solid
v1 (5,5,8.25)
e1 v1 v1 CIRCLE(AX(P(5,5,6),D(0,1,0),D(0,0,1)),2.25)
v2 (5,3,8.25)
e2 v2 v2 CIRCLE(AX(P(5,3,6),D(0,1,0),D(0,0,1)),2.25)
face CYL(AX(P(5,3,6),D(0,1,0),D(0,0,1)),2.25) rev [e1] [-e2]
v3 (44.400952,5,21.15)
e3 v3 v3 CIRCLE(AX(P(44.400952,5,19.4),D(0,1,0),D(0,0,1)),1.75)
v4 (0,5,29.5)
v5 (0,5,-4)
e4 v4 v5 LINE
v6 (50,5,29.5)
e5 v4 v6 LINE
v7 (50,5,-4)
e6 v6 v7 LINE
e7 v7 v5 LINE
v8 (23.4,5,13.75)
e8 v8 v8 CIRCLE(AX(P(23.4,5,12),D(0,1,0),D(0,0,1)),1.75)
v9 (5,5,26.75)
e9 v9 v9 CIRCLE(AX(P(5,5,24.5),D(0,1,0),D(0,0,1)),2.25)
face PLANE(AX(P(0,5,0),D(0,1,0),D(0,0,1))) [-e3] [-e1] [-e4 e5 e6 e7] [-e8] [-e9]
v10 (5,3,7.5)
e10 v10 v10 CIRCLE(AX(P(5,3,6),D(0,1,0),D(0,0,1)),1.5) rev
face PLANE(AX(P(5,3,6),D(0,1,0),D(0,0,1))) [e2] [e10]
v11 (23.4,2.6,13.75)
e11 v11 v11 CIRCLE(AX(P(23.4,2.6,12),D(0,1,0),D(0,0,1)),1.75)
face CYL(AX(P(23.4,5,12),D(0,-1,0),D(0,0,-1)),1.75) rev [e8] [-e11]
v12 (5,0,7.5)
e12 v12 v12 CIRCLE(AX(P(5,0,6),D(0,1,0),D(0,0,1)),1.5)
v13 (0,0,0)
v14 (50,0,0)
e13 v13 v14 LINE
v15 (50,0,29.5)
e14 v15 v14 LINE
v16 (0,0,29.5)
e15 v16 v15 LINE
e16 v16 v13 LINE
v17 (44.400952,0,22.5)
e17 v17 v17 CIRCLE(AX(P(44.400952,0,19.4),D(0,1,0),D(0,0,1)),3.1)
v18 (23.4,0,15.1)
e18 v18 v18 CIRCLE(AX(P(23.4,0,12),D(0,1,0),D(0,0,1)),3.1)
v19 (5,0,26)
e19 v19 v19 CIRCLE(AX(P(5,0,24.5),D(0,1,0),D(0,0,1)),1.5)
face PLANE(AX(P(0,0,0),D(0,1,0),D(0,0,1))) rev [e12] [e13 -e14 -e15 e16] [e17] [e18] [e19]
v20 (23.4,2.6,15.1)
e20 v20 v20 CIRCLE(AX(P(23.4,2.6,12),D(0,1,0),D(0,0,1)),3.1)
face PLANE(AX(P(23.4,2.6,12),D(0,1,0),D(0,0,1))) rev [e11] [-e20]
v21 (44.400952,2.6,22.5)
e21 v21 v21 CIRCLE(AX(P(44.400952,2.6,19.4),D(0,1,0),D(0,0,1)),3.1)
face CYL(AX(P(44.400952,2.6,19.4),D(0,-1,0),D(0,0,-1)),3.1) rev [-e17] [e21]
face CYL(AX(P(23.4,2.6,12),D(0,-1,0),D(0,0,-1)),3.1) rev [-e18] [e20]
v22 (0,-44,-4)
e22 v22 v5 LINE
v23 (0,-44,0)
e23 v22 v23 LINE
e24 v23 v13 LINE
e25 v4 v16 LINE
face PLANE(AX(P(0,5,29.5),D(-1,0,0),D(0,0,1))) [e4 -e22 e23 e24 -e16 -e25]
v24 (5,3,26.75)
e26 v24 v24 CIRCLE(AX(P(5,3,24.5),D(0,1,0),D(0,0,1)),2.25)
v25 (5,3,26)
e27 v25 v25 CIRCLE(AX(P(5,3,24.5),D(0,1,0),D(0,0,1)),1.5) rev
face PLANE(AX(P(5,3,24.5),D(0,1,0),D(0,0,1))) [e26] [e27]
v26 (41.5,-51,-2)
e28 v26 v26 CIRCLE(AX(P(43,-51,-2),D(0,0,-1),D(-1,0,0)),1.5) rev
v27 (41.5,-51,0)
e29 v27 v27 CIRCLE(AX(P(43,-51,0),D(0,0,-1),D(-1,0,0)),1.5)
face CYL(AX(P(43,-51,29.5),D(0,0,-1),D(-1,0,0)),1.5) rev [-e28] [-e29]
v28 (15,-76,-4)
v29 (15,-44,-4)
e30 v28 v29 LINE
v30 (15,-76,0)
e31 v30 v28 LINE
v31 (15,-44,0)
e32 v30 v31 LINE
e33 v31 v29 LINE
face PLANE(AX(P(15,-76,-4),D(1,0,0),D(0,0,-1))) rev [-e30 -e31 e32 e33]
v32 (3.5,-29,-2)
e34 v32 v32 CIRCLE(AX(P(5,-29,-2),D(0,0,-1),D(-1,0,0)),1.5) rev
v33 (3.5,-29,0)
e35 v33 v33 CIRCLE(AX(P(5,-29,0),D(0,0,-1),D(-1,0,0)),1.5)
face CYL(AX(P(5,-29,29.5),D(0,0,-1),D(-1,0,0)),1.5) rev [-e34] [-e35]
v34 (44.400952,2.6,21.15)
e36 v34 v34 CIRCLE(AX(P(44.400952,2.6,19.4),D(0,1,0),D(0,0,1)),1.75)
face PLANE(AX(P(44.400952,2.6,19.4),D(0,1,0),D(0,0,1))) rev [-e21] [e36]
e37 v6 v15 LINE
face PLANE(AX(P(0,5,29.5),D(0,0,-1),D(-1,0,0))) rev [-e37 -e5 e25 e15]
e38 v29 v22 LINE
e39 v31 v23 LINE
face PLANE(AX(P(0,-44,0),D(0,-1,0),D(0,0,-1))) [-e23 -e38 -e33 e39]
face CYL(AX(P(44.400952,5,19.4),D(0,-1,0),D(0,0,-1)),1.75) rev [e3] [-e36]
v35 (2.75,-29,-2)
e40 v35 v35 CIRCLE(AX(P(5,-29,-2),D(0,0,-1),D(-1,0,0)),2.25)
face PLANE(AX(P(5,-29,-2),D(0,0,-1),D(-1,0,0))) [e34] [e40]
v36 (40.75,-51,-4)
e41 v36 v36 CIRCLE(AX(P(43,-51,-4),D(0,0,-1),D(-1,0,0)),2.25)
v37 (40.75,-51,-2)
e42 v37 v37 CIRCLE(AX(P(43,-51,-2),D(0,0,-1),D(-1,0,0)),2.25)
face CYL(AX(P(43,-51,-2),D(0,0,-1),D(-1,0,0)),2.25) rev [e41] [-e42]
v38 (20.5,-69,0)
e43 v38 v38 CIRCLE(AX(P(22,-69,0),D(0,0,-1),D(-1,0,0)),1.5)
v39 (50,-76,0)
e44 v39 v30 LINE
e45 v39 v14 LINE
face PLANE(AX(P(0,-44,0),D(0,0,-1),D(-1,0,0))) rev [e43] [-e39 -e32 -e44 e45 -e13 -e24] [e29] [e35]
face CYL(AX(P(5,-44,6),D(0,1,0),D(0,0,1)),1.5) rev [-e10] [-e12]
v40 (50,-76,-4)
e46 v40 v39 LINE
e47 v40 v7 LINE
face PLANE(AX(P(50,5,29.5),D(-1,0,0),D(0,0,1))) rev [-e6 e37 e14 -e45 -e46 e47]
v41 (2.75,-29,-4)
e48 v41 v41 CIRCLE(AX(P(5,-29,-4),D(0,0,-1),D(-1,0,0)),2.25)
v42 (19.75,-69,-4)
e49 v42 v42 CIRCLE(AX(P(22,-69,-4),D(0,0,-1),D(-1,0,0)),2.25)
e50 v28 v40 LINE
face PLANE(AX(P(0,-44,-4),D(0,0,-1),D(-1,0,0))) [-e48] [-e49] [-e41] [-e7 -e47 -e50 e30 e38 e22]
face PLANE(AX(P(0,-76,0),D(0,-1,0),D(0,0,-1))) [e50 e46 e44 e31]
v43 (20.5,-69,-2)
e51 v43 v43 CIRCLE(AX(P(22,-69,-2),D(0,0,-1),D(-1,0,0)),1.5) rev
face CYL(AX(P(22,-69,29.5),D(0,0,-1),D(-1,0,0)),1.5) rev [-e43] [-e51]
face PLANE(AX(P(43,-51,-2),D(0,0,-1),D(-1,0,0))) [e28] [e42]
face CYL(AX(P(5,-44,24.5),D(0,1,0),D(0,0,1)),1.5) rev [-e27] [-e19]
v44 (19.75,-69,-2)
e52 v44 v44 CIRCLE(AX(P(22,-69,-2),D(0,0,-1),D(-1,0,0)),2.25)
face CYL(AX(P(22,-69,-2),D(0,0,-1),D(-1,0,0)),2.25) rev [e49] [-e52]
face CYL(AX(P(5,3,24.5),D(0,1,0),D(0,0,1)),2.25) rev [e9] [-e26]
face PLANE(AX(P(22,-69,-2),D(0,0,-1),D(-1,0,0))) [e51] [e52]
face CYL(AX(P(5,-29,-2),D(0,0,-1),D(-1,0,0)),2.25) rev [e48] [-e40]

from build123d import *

# Parameters (mm, degrees)
SKETCH_1_W          = 50
SKETCH_1_H          = 29.5
SKETCH_1_R          = 1.75
EXTRUDE_1_DEPTH     = 5
SKETCH_1_17_R       = 3.1
CUT_EXTRUDE_1_DEPTH = 2.6
EXTRUDE_START       = 5
SKETCH_1_18_W       = 50
SKETCH_1_18_H       = 4
SKETCH_1_18_W_2     = 15
EXTRUDE_2_DEPTH     = 49
SKETCH_2_R          = 1.5
CUT_EXTRUDE_2_DEPTH = 76.968743573
SKETCH_2_4_R        = 2.25
CUT_EXTRUDE_3_DEPTH = 2
SKETCH_4_R          = 1.5
CUT_EXTRUDE_4_DEPTH = 75.553671942
SKETCH_4_3_R        = 2.25
CUT_EXTRUDE_5_DEPTH = 2
SKETCH_5_W          = 35
SKETCH_5_H          = 4
EXTRUDE_4_DEPTH     = 32
SKETCH_6_R          = 1.5
CUT_EXTRUDE_6_DEPTH = 97.944571792
SKETCH_6_3_R        = 2.25
CUT_EXTRUDE_7_DEPTH = 2


with BuildPart() as part:
    # 草图1 → 凸台-拉伸1 (new body)
    with BuildSketch(Plane(origin=(0, 0, 0), x_dir=(1, 0, 0), z_dir=(0, 1, 0))):
        with Locations((25, -14.75)):
            Rectangle(SKETCH_1_W, SKETCH_1_H)
        with Locations(Location((23.4, -12, 0), (0, 0, 270))):
            Circle(SKETCH_1_R, mode=Mode.SUBTRACT)
        with Locations(Location((44.400952359, -19.4, 0), (0, 0, 270))):
            Circle(SKETCH_1_R, mode=Mode.SUBTRACT)
    extrude(amount=EXTRUDE_1_DEPTH)

    # 草图1<17> → 切除-拉伸1 (cut)
    with BuildSketch(Plane(origin=(0, 0, 0), x_dir=(1, 0, 0), z_dir=(0, 1, 0))):
        with Locations(Location((23.4, -12, 0), (0, 0, 270))):
            Circle(SKETCH_1_17_R)
        with Locations(Location((44.400952359, -19.4, 0), (0, 0, 270))):
            Circle(SKETCH_1_17_R)
    extrude(amount=CUT_EXTRUDE_1_DEPTH, mode=Mode.SUBTRACT)

    # 草图1<18> → 凸台-拉伸2 (add)
    with BuildSketch(Plane(origin=(0, 0, 0), x_dir=(1, 0, 0), z_dir=(0, 1, 0)).offset(EXTRUDE_START)):
        with Locations((25, 2)):
            Rectangle(SKETCH_1_18_W, SKETCH_1_18_H)
        with Locations((7.5, 2)):
            Rectangle(SKETCH_1_18_W_2, SKETCH_1_18_H)
    extrude(amount=-EXTRUDE_2_DEPTH)

    # 草图2 → 切除-拉伸2 (cut, through all)
    with BuildSketch(Plane(origin=(0, 5, 0), x_dir=(1, 0, 0), z_dir=(0, 1, 0))):
        with Locations(Location((5, -24.5, 0), (0, 0, 270))):
            Circle(SKETCH_2_R)
        with Locations(Location((5, -6, 0), (0, 0, 270))):
            Circle(SKETCH_2_R)
    extrude(amount=-CUT_EXTRUDE_2_DEPTH, mode=Mode.SUBTRACT)

    # 草图2<4> → 切除-拉伸3 (cut)
    with BuildSketch(Plane(origin=(0, 5, 0), x_dir=(1, 0, 0), z_dir=(0, 1, 0))):
        with Locations(Location((5, -24.5, 0), (0, 0, 270))):
            Circle(SKETCH_2_4_R)
        with Locations(Location((5, -6, 0), (0, 0, 270))):
            Circle(SKETCH_2_4_R)
    extrude(amount=-CUT_EXTRUDE_3_DEPTH, mode=Mode.SUBTRACT)

    # 草图4 → 切除-拉伸4 (cut, through all)
    with BuildSketch(Plane(origin=(0, 0, -4), x_dir=(-1, 0, 0), z_dir=(0, 0, -1))):
        with Locations((-5, -29)):
            Circle(SKETCH_4_R)
    extrude(amount=-CUT_EXTRUDE_4_DEPTH, mode=Mode.SUBTRACT)

    # 草图4<3> → 切除-拉伸5 (cut)
    with BuildSketch(Plane(origin=(0, 0, -4), x_dir=(-1, 0, 0), z_dir=(0, 0, -1))):
        with Locations((-5, -29)):
            Circle(SKETCH_4_3_R)
    extrude(amount=-CUT_EXTRUDE_5_DEPTH, mode=Mode.SUBTRACT)

    # 草图5 → 凸台-拉伸4 (add)
    with BuildSketch(Plane.XZ.offset(44)):
        with Locations((32.5, -2)):
            Rectangle(SKETCH_5_W, SKETCH_5_H)
    extrude(amount=EXTRUDE_4_DEPTH)

    # 草图6 → 切除-拉伸6 (cut, through all)
    with BuildSketch(Plane(origin=(0, 0, -4), x_dir=(-1, 0, 0), z_dir=(0, 0, -1))):
        with Locations((-22, -69)):
            Circle(SKETCH_6_R)
        with Locations((-43, -51)):
            Circle(SKETCH_6_R)
    extrude(amount=-CUT_EXTRUDE_6_DEPTH, mode=Mode.SUBTRACT)

    # 草图6<3> → 切除-拉伸7 (cut)
    with BuildSketch(Plane(origin=(0, 0, -4), x_dir=(-1, 0, 0), z_dir=(0, 0, -1))):
        with Locations((-22, -69)):
            Circle(SKETCH_6_3_R)
        with Locations((-43, -51)):
            Circle(SKETCH_6_3_R)
    extrude(amount=-CUT_EXTRUDE_7_DEPTH, mode=Mode.SUBTRACT)


solid = part.part
